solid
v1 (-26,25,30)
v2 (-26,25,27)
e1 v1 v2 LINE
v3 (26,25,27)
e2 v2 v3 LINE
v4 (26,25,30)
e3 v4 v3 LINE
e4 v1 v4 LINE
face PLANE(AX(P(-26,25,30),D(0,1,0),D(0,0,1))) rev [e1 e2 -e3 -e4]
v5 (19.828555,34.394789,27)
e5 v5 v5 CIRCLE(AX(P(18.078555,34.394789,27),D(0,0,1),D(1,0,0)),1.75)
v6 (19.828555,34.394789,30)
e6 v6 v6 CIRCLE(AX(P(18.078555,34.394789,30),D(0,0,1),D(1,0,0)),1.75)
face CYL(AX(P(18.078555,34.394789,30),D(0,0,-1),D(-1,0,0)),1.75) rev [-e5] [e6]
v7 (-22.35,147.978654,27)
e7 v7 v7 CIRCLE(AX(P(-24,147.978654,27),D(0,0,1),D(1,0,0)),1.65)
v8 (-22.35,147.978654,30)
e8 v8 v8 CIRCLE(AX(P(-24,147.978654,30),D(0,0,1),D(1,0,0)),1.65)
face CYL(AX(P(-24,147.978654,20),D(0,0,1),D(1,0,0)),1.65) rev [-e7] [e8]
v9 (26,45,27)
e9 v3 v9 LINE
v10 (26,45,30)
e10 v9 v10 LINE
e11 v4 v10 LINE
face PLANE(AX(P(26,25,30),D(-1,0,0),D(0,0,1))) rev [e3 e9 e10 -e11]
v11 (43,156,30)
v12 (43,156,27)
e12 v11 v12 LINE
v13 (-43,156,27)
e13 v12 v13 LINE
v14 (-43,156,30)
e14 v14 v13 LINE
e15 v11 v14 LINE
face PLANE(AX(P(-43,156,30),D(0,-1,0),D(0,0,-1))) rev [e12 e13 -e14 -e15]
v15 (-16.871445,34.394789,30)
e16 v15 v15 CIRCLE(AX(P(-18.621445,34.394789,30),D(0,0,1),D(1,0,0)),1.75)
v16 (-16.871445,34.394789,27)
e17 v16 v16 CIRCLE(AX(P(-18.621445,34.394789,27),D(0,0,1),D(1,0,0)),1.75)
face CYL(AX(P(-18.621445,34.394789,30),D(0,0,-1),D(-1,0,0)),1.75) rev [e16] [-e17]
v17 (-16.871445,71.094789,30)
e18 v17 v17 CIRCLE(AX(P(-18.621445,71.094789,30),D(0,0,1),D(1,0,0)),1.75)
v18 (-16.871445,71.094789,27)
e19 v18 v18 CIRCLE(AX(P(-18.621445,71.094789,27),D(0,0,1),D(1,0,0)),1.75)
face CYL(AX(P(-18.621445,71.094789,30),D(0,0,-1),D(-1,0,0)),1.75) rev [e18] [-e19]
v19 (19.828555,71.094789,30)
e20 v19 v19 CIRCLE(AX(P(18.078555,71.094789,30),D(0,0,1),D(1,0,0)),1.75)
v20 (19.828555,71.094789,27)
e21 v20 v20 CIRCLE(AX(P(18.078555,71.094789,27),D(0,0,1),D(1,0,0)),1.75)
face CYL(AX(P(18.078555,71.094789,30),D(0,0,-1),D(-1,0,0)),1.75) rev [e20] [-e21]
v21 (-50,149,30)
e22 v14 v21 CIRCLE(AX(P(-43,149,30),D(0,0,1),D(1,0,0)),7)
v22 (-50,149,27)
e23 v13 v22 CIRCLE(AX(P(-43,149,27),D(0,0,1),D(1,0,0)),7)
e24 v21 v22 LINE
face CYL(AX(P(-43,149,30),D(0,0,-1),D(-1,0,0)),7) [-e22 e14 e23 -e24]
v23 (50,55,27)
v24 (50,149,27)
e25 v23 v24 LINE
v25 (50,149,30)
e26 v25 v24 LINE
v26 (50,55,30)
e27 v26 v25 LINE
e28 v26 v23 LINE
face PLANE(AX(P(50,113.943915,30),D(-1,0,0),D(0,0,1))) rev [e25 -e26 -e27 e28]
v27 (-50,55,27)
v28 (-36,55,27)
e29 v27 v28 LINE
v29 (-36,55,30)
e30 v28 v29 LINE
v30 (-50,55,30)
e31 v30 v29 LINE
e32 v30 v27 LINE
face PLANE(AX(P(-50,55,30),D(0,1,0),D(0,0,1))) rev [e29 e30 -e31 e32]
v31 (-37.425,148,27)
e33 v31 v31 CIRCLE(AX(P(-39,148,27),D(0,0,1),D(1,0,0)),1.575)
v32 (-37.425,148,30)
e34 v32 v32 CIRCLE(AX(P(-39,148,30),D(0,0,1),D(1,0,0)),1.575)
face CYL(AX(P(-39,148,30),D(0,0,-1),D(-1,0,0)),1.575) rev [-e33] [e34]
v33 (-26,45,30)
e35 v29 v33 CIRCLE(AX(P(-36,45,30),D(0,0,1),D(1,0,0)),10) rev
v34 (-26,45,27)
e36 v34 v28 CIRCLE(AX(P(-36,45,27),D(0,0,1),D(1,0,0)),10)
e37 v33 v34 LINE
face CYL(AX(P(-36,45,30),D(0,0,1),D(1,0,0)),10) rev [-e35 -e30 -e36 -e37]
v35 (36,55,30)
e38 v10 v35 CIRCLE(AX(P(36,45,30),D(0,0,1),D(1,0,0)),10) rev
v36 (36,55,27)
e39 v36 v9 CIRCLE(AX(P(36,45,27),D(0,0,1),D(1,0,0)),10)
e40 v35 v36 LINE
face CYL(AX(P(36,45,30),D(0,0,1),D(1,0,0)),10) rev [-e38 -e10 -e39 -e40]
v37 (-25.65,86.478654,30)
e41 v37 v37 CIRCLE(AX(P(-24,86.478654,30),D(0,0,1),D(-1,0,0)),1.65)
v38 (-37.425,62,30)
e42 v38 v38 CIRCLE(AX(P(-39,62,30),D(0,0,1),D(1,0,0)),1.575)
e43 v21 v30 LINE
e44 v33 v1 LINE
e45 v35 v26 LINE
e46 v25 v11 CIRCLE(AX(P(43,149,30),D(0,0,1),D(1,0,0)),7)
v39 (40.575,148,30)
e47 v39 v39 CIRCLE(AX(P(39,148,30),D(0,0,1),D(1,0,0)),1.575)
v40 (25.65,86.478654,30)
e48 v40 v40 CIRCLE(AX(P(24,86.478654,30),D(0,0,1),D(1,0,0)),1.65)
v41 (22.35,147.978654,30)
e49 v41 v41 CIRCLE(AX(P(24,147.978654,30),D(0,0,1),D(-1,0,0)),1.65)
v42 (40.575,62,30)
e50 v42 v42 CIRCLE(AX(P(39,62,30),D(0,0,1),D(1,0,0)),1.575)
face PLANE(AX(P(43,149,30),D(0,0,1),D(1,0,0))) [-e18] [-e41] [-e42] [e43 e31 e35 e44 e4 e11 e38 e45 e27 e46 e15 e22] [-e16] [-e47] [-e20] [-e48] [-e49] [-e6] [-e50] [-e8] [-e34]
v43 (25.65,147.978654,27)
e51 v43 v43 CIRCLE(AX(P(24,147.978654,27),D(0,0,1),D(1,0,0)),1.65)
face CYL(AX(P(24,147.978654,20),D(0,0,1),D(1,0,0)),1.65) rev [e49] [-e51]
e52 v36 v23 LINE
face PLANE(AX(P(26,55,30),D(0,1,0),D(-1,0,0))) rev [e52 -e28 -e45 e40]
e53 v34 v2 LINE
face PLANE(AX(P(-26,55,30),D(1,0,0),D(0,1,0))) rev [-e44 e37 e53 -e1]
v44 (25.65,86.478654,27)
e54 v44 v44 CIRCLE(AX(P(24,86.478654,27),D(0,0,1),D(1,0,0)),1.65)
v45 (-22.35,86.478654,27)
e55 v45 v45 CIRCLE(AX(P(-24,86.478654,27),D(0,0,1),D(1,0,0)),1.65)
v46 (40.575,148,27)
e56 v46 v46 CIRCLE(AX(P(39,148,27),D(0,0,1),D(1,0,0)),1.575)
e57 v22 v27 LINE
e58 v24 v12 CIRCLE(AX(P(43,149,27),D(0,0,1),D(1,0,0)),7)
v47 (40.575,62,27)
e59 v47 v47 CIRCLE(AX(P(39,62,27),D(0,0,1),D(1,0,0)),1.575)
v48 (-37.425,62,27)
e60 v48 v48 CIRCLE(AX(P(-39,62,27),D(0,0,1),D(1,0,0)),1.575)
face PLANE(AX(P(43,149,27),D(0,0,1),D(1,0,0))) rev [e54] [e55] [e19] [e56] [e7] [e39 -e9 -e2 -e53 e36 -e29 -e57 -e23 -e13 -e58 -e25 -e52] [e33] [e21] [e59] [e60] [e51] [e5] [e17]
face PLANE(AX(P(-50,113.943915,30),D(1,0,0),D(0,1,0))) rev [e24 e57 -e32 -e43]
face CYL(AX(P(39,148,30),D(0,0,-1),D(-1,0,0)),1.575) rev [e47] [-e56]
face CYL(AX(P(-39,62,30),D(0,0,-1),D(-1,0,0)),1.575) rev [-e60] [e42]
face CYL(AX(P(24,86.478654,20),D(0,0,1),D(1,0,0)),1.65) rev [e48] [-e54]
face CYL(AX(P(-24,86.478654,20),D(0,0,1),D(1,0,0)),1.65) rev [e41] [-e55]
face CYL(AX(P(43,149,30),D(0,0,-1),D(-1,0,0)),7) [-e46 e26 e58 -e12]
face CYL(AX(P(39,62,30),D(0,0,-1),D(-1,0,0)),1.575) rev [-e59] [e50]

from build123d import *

# Parameters (mm, degrees)
SKETCH2_R           = 1.575
SKETCH2_R_2         = 1.75
BOSS_EXTRUDE1_DEPTH = 3
SKETCH3_R           = 1.65
CUT_EXTRUDE1_DEPTH  = 10
FILLET1_R           = 10


with BuildPart() as part:
    # Sketch2 → Boss-Extrude1 (new body)
    with BuildSketch(Plane.XY.offset(27)):
        with BuildLine():
            Line((50, 113.943914812), (50, 149))
            ThreePointArc((50, 149), (47.949747468, 153.949747468), (43, 156))
            Line((43, 156), (-43, 156))
            ThreePointArc((-43, 156), (-47.949747468, 153.949747468), (-50, 149))
            Line((-50, 149), (-50, 113.943914812))
            Line((-50, 113.943914812), (-50, 55))
            Line((-50, 55), (-26, 55))
            Line((-26, 55), (-26, 25))
            Line((-26, 25), (26, 25))
            Line((26, 25), (26, 55))
            Line((26, 55), (50, 55))
            Line((50, 55), (50, 113.943914812))
        make_face()
        with Locations((39, 62)):
            Circle(SKETCH2_R, mode=Mode.SUBTRACT)
        with Locations((-39, 62)):
            Circle(SKETCH2_R, mode=Mode.SUBTRACT)
        with Locations((39, 148)):
            Circle(SKETCH2_R, mode=Mode.SUBTRACT)
        with Locations((-39, 148)):
            Circle(SKETCH2_R, mode=Mode.SUBTRACT)
        with Locations((-18.621445193, 71.094788901)):
            Circle(SKETCH2_R_2, mode=Mode.SUBTRACT)
        with Locations((18.078554807, 71.094788901)):
            Circle(SKETCH2_R_2, mode=Mode.SUBTRACT)
        with Locations((-18.621445193, 34.394788901)):
            Circle(SKETCH2_R_2, mode=Mode.SUBTRACT)
        with Locations((18.078554807, 34.394788901)):
            Circle(SKETCH2_R_2, mode=Mode.SUBTRACT)
    extrude(amount=BOSS_EXTRUDE1_DEPTH)

    # Sketch3 → Cut-Extrude1 (cut)
    with BuildSketch(Plane.XY.offset(30)):
        with Locations((-24, 147.978654182)):
            Circle(SKETCH3_R)
        with Locations((24, 86.478654182)):
            Circle(SKETCH3_R)
        with Locations((-24, 86.478654182)):
            Circle(SKETCH3_R)
        with Locations((24, 147.978654182)):
            Circle(SKETCH3_R)
    extrude(amount=-CUT_EXTRUDE1_DEPTH, mode=Mode.SUBTRACT)

    # Fillet1
    fillet1_edges = [part.edges().sort_by_distance(p)[0] for p in [
        (26, 55, 28.5),
        (-26, 55, 28.5),
    ]]
    fillet(fillet1_edges, radius=FILLET1_R)


solid = part.part
